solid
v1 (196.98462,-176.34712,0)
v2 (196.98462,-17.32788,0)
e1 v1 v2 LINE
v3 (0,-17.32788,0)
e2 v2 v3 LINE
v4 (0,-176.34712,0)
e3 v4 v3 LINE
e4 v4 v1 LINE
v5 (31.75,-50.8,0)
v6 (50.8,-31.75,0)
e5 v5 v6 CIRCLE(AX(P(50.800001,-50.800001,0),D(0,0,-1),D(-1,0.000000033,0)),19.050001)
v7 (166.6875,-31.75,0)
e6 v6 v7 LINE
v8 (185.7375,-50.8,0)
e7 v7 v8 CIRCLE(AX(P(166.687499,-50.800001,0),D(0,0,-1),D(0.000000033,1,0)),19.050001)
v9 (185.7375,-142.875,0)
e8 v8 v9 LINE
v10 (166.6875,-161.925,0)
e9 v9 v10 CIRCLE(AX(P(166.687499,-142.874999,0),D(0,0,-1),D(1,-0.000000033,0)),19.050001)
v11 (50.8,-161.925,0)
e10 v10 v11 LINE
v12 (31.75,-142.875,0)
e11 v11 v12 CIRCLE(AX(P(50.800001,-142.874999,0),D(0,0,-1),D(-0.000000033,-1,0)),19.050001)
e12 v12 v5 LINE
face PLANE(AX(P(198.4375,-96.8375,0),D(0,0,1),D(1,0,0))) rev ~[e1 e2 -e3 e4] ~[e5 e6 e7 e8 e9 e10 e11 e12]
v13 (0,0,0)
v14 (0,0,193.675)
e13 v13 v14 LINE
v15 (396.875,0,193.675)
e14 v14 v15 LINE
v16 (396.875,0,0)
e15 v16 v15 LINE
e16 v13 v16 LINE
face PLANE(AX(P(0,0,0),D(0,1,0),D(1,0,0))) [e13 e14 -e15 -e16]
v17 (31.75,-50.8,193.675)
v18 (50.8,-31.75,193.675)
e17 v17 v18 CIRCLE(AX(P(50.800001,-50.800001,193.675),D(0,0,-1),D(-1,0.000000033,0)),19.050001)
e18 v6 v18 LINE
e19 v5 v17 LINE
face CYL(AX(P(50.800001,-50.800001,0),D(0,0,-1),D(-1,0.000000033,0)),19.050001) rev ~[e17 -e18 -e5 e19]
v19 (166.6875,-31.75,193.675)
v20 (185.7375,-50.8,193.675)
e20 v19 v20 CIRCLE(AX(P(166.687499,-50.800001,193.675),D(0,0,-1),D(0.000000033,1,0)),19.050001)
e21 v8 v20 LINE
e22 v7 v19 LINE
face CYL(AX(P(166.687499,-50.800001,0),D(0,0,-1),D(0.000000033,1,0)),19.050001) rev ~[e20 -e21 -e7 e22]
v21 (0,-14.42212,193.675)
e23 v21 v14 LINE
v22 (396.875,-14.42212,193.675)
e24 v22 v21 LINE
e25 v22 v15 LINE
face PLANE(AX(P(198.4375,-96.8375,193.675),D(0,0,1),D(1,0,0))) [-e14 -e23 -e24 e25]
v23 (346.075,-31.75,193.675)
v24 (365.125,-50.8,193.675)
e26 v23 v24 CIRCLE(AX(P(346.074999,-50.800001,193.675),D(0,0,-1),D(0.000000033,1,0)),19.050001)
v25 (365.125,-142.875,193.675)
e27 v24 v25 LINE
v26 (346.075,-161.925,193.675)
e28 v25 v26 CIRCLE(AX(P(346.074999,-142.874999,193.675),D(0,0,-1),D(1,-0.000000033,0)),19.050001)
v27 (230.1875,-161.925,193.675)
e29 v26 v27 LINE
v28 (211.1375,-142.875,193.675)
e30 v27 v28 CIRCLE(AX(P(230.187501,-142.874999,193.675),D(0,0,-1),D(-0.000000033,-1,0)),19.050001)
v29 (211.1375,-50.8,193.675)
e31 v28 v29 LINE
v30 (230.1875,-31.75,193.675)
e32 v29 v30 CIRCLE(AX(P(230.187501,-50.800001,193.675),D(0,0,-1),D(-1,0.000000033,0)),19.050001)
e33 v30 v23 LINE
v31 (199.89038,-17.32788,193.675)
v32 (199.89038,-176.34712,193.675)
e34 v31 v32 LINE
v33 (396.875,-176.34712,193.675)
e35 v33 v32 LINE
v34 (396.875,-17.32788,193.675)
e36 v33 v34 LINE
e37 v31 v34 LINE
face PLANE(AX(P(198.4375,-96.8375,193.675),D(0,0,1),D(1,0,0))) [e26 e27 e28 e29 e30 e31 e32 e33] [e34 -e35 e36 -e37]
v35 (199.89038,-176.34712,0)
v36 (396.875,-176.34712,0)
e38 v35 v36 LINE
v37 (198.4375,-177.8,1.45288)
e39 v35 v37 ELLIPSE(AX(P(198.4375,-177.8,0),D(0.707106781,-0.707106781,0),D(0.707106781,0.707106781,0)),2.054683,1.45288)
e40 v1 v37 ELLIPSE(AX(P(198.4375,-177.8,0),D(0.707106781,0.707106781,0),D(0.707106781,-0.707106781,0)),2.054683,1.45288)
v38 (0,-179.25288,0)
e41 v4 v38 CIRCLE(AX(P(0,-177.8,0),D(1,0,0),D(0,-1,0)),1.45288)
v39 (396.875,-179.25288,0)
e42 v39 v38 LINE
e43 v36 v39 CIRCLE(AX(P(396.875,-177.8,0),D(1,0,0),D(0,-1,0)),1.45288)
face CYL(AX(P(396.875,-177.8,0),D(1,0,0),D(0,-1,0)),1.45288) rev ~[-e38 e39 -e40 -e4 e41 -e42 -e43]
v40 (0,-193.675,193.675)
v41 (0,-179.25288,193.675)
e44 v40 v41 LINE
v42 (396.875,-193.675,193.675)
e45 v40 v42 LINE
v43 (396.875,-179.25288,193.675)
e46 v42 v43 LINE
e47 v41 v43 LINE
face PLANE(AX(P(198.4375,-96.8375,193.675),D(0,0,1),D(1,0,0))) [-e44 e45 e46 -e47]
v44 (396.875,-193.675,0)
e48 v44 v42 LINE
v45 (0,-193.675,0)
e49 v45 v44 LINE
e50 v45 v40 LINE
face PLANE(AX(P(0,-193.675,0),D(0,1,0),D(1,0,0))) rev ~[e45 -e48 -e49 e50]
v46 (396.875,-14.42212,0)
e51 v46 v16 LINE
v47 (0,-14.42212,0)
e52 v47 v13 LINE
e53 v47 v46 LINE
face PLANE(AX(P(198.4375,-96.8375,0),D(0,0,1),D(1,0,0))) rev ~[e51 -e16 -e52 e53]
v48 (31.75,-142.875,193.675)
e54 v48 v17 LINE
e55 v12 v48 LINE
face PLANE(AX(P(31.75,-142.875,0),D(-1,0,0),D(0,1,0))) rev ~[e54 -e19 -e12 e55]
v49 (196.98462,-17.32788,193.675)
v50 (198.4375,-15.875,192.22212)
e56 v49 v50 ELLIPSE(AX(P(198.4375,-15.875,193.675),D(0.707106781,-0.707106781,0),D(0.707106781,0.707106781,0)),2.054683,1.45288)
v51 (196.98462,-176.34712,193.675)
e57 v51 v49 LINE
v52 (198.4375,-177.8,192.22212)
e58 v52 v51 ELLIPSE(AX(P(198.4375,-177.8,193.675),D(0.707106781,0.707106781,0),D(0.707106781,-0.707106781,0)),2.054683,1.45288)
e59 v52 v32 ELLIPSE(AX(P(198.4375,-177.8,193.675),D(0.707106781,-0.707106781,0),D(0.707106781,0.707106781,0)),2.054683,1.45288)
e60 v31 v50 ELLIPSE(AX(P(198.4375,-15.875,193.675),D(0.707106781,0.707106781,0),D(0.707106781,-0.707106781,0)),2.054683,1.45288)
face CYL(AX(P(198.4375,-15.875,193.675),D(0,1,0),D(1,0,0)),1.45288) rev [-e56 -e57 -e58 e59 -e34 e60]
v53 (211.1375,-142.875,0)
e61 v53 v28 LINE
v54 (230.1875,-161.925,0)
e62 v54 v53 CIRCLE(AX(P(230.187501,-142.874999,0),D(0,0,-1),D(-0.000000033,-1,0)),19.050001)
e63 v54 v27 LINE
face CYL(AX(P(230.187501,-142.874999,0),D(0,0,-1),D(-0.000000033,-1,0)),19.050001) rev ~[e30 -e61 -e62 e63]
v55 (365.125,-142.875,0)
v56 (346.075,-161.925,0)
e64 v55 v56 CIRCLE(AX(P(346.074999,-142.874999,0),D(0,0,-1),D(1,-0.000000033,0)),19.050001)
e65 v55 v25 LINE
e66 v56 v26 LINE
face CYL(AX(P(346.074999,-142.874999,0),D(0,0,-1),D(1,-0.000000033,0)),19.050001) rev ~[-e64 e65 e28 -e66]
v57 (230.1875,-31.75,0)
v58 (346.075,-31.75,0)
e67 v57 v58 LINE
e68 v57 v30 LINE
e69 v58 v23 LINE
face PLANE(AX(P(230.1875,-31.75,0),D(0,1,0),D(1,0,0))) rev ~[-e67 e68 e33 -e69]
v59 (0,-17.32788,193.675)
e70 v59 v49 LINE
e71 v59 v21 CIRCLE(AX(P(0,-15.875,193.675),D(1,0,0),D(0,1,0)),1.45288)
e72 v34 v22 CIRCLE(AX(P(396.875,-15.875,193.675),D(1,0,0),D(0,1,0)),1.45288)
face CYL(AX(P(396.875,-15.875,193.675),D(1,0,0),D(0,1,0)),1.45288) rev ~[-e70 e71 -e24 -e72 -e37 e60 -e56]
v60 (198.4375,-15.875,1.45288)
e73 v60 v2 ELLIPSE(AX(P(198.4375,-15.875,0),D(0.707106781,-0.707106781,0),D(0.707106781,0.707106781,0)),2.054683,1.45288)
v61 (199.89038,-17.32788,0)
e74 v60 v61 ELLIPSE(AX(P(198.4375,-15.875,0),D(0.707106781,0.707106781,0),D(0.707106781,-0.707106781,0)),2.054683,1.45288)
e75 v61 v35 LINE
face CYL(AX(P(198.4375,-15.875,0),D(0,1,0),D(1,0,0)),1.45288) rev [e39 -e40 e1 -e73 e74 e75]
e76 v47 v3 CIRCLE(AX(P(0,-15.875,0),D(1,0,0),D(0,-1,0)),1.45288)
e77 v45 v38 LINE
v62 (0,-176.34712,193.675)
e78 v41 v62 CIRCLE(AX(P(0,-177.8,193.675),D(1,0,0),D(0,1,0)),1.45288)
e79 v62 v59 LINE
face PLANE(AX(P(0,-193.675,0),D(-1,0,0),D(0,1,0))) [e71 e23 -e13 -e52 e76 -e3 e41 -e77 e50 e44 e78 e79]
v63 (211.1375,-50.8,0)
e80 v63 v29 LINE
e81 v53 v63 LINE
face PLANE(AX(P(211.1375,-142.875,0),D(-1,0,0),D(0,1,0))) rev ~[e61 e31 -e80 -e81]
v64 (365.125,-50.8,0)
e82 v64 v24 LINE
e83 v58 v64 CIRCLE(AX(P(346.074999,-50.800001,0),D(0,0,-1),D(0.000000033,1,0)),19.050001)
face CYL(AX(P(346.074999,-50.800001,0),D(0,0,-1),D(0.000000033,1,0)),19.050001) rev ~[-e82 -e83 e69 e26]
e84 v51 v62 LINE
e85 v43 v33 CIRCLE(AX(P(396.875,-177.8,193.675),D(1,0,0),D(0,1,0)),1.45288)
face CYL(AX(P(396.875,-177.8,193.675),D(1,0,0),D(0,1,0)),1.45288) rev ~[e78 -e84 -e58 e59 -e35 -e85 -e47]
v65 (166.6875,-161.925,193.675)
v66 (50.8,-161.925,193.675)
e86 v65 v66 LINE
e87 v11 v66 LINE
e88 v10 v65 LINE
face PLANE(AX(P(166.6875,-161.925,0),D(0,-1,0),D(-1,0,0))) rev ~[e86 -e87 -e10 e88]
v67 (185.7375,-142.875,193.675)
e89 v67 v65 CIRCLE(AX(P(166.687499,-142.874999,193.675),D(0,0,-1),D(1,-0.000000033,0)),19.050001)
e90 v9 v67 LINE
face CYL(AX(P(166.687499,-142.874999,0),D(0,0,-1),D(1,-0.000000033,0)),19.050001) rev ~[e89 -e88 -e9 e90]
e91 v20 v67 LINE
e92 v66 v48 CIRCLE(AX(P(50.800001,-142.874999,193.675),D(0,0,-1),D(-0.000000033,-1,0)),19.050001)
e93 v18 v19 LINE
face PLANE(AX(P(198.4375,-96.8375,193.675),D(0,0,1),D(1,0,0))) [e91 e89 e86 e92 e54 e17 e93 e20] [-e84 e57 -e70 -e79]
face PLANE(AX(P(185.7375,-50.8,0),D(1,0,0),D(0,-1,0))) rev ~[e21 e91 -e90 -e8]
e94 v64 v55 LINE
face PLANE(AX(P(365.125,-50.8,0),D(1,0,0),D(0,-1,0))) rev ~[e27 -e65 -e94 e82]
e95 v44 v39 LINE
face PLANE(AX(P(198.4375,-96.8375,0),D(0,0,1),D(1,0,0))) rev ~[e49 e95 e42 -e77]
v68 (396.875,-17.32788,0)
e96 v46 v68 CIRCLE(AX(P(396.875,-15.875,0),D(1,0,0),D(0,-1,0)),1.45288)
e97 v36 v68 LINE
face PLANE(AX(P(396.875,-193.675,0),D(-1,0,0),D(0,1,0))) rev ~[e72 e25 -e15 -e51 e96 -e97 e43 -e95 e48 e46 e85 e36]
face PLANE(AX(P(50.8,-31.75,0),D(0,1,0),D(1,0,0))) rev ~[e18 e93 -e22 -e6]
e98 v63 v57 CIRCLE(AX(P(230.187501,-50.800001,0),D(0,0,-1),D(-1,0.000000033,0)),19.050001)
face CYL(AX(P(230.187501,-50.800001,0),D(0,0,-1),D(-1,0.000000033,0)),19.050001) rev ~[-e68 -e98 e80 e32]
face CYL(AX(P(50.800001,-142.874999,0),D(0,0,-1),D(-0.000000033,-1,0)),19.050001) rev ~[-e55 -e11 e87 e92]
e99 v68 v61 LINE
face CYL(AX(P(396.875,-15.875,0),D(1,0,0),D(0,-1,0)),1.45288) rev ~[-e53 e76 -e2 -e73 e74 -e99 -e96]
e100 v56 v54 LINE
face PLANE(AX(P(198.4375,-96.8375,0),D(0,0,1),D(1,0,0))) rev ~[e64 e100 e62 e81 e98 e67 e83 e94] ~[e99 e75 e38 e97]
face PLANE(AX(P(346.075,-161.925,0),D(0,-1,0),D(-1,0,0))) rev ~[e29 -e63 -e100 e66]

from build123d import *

# Parameters (mm, degrees)
F0_W     = 396.875
F0_H     = 193.675
F1_DEPTH = 193.675
F3_DEPTH = 396.875
F5_R     = 1.45288
F6_DEPTH = 161.925


with BuildPart() as f1:
    # F0 (on Top) → F1 (new body)
    with BuildSketch(Plane.XY):
        with Locations((198.4375, -96.8375)):
            Rectangle(F0_W, F0_H)
        with BuildLine():
            ThreePointArc((31.75, -50.8), (37.329616, -37.329616), (50.8, -31.75))
            Line((50.8, -31.75), (166.6875, -31.75))
            ThreePointArc((166.6875, -31.75), (180.157884, -37.329616), (185.7375, -50.8))
            Line((185.7375, -50.8), (185.7375, -142.875))
            ThreePointArc((185.7375, -142.875), (180.157884, -156.345384), (166.6875, -161.925))
            Line((166.6875, -161.925), (50.8, -161.925))
            ThreePointArc((50.8, -161.925), (37.329616, -156.345384), (31.75, -142.875))
            Line((31.75, -142.875), (31.75, -50.8))
        make_face(mode=Mode.SUBTRACT)
        with BuildLine():
            ThreePointArc((365.125, -142.875), (359.545384, -156.345384), (346.075, -161.925))
            Line((346.075, -161.925), (230.1875, -161.925))
            ThreePointArc((230.1875, -161.925), (216.717116, -156.345384), (211.1375, -142.875))
            Line((211.1375, -142.875), (211.1375, -50.8))
            ThreePointArc((211.1375, -50.8), (216.717116, -37.329616), (230.1875, -31.75))
            Line((230.1875, -31.75), (346.075, -31.75))
            ThreePointArc((346.075, -31.75), (359.545384, -37.329616), (365.125, -50.8))
            Line((365.125, -50.8), (365.125, -142.875))
        make_face(mode=Mode.SUBTRACT)
    extrude(amount=F1_DEPTH)

    # F2 (on face) → F3 (cut)
    with BuildSketch(Plane.YZ.offset(396.875)):
        with BuildLine():
            ThreePointArc((-179.25288, 193.675), (-177.8, 192.22212), (-176.34712, 193.675))
            Line((-176.34712, 193.675), (-179.25288, 193.675))
        make_face()
        with BuildLine():
            Line((-179.25288, 193.675), (-176.34712, 193.675))
            ThreePointArc((-176.34712, 193.675), (-177.8, 195.12788), (-179.25288, 193.675))
        make_face()
        with BuildLine():
            ThreePointArc((-17.32788, 193.675), (-15.875, 192.22212), (-14.42212, 193.675))
            Line((-14.42212, 193.675), (-17.32788, 193.675))
        make_face()
        with BuildLine():
            Line((-17.32788, 193.675), (-14.42212, 193.675))
            ThreePointArc((-14.42212, 193.675), (-15.875, 195.12788), (-17.32788, 193.675))
        make_face()
        with BuildLine():
            Line((-15.875, 0), (-14.42212, 0))
            ThreePointArc((-14.42212, 0), (-15.875, 1.45288), (-17.32788, 0))
            Line((-17.32788, 0), (-15.875, 0))
        make_face()
        with BuildLine():
            ThreePointArc((-17.32788, 0), (-15.875, -1.45288), (-14.42212, 0))
            Line((-14.42212, 0), (-15.875, 0))
            Line((-15.875, 0), (-17.32788, 0))
        make_face()
        with BuildLine():
            Line((-177.8, 0), (-176.34712, 0))
            ThreePointArc((-176.34712, 0), (-177.8, 1.45288), (-179.25288, 0))
            Line((-179.25288, 0), (-177.8, 0))
        make_face()
        with BuildLine():
            ThreePointArc((-179.25288, 0), (-177.8, -1.45288), (-176.34712, 0))
            Line((-176.34712, 0), (-177.8, 0))
            Line((-177.8, 0), (-179.25288, 0))
        make_face()
    extrude(amount=-F3_DEPTH, mode=Mode.SUBTRACT)

    # F5 (on offset) → F6 (cut)
    with BuildSketch(Plane.XZ.offset(15.875)):
        with BuildLine():
            ThreePointArc((196.98462, 193.675), (198.4375, 192.22212), (199.89038, 193.675))
            ThreePointArc((199.89038, 193.675), (198.4375, 195.12788), (196.98462, 193.675))
        make_face()
        with Locations((198.4375, 0)):
            Circle(F5_R)
    extrude(amount=F6_DEPTH, mode=Mode.SUBTRACT)


solid = f1.part
